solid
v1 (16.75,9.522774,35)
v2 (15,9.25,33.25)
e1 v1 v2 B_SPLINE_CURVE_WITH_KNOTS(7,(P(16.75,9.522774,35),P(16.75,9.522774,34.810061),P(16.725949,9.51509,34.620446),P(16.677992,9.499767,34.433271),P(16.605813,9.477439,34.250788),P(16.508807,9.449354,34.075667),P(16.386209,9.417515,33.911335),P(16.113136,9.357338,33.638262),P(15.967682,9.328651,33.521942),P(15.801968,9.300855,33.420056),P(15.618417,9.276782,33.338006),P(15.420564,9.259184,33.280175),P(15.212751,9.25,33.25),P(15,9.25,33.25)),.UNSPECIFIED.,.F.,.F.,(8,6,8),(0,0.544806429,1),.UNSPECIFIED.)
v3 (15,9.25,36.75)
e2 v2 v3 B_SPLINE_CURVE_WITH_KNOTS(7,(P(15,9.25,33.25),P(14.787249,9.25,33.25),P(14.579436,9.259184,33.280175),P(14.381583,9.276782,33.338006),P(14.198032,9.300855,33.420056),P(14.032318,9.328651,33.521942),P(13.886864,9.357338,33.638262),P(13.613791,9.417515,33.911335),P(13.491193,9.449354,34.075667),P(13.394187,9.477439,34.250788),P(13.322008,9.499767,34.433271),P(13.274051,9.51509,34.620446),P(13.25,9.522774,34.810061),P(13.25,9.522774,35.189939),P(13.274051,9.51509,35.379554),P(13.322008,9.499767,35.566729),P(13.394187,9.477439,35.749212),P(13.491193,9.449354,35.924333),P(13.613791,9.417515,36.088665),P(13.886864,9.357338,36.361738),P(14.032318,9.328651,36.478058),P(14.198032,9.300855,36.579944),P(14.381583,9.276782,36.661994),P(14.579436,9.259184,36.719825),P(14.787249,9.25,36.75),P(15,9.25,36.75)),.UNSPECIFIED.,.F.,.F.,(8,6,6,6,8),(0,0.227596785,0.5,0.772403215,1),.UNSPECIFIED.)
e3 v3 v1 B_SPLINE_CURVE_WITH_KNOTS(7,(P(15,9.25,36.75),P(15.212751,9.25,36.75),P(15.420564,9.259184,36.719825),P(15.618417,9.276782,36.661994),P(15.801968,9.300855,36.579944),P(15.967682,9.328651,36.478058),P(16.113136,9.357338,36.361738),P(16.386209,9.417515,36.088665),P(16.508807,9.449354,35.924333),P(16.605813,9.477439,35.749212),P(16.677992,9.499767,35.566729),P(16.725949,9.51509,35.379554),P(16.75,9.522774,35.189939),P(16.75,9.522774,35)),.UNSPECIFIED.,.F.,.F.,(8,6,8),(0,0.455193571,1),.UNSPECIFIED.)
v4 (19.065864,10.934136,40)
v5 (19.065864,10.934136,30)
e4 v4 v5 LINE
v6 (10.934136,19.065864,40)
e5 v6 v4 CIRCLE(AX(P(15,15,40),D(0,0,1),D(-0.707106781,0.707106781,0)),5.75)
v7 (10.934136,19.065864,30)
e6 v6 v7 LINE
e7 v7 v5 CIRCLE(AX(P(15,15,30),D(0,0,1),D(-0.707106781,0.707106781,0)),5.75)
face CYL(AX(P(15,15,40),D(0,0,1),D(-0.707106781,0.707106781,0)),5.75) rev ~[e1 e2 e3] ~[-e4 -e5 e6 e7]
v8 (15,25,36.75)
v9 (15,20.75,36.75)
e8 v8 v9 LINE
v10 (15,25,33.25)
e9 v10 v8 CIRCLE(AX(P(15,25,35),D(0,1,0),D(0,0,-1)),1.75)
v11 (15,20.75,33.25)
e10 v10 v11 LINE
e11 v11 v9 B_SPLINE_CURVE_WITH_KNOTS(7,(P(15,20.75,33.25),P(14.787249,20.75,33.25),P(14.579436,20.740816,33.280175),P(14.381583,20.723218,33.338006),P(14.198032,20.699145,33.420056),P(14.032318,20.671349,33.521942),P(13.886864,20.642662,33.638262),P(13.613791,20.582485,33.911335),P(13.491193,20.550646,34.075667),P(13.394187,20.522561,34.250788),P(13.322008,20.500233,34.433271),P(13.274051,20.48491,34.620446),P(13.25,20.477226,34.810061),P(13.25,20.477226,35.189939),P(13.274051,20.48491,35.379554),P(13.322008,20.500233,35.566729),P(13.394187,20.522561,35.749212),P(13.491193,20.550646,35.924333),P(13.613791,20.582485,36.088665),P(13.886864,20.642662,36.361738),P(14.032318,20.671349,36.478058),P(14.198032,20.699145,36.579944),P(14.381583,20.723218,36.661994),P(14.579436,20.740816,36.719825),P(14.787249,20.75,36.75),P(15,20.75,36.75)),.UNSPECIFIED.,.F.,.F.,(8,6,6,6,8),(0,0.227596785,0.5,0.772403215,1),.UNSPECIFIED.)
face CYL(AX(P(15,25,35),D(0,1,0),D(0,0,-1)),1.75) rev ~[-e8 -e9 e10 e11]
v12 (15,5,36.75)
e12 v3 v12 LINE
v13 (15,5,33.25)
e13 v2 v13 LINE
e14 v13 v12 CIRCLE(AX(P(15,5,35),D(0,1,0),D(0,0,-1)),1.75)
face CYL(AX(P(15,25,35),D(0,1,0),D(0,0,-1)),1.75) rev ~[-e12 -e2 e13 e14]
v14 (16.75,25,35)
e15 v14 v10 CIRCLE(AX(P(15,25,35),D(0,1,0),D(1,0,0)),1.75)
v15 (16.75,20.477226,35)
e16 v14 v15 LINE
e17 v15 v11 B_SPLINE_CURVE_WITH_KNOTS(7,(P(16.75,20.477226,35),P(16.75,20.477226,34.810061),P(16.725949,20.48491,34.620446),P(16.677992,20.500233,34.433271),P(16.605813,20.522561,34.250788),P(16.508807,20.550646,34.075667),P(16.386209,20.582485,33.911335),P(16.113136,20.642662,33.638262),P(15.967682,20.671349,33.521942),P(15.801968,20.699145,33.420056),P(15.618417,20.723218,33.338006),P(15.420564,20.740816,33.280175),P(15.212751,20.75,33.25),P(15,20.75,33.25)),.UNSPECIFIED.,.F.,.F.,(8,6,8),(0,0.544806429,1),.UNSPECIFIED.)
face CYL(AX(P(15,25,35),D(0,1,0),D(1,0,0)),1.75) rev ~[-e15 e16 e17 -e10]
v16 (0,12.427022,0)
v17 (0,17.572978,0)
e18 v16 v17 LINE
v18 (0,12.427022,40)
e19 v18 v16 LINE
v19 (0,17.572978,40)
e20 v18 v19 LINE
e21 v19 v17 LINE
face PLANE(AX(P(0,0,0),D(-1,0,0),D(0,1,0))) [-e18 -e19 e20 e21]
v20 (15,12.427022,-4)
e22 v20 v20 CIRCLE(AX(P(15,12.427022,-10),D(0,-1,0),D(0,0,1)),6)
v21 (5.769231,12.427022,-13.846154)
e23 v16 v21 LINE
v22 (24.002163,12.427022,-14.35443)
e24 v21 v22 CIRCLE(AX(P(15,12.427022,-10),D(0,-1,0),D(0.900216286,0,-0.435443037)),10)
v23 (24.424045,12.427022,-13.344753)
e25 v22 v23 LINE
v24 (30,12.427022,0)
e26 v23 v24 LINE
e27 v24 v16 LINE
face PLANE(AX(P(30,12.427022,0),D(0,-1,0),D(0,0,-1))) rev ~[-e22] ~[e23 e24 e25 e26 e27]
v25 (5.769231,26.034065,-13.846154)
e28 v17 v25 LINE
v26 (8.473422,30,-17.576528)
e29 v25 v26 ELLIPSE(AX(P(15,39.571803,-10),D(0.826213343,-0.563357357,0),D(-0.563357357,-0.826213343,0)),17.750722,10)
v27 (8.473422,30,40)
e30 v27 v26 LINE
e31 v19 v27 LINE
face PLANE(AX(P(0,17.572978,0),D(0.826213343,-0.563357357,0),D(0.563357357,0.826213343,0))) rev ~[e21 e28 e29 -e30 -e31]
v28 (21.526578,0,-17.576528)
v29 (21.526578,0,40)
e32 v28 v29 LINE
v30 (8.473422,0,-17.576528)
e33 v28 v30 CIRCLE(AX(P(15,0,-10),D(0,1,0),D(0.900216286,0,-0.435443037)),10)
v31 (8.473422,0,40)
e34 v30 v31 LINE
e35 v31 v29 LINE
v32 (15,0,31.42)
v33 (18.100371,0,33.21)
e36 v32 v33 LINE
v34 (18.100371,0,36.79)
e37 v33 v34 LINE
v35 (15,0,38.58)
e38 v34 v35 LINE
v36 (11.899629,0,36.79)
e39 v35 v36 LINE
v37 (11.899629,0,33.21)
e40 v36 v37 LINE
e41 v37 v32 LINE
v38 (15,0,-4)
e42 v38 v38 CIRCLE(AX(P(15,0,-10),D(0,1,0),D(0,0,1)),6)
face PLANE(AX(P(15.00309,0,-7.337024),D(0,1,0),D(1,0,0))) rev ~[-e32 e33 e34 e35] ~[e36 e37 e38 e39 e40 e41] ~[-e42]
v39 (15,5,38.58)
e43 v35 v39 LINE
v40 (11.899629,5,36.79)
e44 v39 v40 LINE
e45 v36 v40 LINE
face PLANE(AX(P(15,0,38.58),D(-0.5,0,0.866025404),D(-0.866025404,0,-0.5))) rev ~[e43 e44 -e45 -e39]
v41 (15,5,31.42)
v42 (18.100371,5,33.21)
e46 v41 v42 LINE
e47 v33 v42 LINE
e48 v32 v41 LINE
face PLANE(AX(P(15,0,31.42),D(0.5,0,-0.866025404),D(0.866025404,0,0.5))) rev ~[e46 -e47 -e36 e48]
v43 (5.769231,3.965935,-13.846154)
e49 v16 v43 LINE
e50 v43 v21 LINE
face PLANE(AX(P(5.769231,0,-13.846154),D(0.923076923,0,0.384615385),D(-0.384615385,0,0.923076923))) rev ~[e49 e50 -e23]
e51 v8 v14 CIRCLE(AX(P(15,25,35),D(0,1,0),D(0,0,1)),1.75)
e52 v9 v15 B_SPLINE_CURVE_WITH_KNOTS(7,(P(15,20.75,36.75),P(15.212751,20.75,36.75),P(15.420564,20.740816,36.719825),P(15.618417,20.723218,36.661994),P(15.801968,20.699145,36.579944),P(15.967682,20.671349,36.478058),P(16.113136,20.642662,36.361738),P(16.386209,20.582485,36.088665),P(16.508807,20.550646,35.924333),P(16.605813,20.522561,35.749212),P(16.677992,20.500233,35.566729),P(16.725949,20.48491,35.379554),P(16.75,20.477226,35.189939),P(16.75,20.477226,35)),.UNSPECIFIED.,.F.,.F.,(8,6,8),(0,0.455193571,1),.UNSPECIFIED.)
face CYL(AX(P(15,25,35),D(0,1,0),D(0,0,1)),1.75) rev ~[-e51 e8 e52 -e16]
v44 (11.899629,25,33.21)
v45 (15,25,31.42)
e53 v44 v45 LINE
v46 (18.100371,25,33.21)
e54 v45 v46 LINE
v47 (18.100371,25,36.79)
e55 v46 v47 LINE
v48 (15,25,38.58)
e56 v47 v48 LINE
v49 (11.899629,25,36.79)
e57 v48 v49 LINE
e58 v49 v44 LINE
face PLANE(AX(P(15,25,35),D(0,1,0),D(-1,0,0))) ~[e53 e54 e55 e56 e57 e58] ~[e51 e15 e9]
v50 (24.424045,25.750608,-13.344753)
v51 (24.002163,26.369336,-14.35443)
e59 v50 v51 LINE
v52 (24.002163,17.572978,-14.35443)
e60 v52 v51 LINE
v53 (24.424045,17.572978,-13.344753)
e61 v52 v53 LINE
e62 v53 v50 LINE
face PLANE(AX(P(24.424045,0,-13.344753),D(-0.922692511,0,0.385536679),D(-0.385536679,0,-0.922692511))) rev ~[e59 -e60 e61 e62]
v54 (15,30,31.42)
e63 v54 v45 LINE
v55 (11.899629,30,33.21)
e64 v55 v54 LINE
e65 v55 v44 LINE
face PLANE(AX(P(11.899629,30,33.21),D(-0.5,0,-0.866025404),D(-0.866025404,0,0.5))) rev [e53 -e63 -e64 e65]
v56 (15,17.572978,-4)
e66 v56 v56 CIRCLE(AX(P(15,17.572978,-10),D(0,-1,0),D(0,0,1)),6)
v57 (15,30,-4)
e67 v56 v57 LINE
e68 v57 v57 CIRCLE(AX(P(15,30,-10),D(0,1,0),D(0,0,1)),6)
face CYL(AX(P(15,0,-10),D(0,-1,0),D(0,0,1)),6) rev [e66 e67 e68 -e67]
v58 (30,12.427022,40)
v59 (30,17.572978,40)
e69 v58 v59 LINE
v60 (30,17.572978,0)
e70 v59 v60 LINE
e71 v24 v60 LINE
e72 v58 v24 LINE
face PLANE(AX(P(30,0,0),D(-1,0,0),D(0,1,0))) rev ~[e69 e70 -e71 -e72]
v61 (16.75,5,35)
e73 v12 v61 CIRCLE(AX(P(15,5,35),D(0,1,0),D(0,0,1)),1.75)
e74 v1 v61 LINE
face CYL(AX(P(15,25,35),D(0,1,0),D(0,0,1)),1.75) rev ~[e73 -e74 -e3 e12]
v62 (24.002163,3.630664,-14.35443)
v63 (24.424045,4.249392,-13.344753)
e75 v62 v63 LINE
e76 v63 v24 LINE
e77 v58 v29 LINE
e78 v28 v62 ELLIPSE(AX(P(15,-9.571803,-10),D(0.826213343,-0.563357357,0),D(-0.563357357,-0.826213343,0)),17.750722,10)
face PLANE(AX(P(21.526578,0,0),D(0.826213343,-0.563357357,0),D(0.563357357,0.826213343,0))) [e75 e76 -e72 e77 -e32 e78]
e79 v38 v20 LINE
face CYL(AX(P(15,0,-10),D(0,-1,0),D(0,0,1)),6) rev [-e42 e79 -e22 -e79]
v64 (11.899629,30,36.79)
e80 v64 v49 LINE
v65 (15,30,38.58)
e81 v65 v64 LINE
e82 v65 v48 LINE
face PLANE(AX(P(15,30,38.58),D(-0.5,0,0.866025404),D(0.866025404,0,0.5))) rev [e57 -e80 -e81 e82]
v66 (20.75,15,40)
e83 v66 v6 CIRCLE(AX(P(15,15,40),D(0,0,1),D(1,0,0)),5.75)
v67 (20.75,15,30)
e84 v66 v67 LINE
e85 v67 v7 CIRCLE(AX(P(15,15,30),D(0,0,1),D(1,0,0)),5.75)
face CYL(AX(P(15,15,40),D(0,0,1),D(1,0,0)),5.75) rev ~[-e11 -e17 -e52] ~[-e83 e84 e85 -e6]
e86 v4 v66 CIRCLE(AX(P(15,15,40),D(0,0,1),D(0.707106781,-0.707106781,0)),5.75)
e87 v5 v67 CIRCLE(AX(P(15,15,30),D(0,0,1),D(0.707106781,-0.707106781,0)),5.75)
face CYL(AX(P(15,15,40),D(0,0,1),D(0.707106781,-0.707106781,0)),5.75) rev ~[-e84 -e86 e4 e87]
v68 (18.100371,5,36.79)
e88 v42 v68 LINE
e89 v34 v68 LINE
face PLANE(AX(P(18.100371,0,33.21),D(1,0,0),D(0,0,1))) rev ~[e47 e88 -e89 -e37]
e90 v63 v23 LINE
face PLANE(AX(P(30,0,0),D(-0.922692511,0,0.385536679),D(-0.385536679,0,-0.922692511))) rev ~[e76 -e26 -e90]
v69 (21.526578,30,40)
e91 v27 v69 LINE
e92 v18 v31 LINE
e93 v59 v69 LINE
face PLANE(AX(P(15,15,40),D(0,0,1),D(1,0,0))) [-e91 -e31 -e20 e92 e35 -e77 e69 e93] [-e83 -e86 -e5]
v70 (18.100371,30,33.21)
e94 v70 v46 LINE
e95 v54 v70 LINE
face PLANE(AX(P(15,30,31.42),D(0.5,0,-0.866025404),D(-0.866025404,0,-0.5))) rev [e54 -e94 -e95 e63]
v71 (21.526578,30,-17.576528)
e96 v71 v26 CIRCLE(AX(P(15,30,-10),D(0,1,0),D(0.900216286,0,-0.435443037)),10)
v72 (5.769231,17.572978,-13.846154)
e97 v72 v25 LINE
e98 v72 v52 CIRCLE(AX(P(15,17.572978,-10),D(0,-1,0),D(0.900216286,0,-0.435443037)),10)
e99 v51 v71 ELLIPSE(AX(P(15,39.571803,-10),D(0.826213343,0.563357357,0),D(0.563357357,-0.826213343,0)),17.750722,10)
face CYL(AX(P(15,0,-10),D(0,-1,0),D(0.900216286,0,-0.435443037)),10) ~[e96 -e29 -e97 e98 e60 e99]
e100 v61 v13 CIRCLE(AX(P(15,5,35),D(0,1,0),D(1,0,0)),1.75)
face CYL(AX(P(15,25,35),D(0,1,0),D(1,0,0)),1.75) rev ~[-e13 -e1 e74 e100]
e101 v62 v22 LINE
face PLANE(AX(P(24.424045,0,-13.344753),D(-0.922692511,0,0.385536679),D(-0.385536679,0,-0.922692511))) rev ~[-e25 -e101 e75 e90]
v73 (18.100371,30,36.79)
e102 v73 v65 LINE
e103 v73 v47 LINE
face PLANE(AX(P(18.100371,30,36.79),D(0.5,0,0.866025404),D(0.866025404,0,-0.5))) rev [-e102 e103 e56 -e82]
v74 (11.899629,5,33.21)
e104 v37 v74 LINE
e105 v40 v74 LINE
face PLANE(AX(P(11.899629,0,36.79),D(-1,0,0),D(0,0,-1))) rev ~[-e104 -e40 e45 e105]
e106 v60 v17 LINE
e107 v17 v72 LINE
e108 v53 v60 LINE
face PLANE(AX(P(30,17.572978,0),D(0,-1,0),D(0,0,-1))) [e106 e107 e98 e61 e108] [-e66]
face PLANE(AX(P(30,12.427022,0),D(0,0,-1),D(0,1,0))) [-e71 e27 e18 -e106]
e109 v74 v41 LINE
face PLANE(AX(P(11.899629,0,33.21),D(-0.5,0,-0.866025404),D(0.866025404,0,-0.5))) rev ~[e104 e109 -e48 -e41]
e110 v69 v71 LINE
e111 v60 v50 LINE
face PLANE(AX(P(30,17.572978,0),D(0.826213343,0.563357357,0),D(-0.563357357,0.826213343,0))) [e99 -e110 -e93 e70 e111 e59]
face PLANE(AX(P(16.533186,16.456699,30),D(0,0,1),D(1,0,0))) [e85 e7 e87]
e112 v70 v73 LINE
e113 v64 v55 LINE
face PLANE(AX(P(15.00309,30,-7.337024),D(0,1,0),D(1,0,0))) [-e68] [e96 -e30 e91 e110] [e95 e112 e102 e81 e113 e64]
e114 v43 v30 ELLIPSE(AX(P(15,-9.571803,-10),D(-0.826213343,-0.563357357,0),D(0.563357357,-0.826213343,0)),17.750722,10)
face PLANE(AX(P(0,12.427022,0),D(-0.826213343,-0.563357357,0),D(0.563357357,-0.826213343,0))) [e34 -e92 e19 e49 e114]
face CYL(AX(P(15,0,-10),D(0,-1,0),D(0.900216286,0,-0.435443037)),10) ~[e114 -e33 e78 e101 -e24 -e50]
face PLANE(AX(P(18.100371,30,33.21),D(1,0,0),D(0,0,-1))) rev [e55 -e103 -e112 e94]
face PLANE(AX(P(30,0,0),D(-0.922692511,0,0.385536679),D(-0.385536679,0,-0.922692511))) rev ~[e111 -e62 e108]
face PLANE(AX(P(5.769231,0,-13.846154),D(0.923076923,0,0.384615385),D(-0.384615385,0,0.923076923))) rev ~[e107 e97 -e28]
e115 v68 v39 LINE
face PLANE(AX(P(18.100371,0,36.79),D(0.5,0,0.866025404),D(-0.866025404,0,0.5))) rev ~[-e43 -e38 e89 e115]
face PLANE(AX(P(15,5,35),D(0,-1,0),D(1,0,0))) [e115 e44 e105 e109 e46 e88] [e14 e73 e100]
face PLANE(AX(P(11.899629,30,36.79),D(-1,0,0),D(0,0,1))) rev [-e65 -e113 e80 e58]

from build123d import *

# Parameters (mm, degrees)
SKETCH3_W            = 30
SKETCH3_H            = 30
BOSS_EXTRUDE1_DEPTH  = 40
CUT_EXTRUDE1_DEPTH   = 10
CUT_EXTRUDE2_DEPTH   = 5
CUT_EXTRUDE3_DEPTH   = 28
CUT_EXTRUDE4_START   = -40
CUT_EXTRUDE4_DEPTH   = 99.309519017
MIRROR5_START        = -40
MIRROR5_COPY_1_DEPTH = 99.309519017
SKETCH9_R            = 6
BOSS_EXTRUDE2_DEPTH  = 30
CUT_EXTRUDE5_DEPTH   = 30
SKETCH11_W           = 21.329134953
SKETCH11_H           = 5.145955698
CUT_EXTRUDE6_DEPTH   = 30


with BuildPart() as part:
    # Sketch3 → Boss-Extrude1 (new body)
    with BuildSketch(Plane.XY):
        with Locations((15, 15)):
            Rectangle(SKETCH3_W, SKETCH3_H)
    extrude(amount=BOSS_EXTRUDE1_DEPTH)

    # Sketch4 → Cut-Extrude1 (cut)
    with BuildSketch(Plane.XY.offset(40)):
        with BuildLine():
            ThreePointArc((20.75, 15), (17.200429736, 20.312307312), (10.934136008, 19.065863992))
            Line((10.934136008, 19.065863992), (19.065863992, 10.934136008))
            ThreePointArc((19.065863992, 10.934136008), (20.312307312, 12.799570264), (20.75, 15))
        make_face()
        with BuildLine():
            Line((19.065863992, 10.934136008), (10.934136008, 19.065863992))
            ThreePointArc((10.934136008, 19.065863992), (10.934136008, 10.934136008), (19.065863992, 10.934136008))
        make_face()
    extrude(amount=-CUT_EXTRUDE1_DEPTH, mode=Mode.SUBTRACT)

    # Sketch5 → Cut-Extrude2 (cut)
    with BuildSketch(Plane.XZ):
        Polygon((15, 38.58), (11.899629054, 36.79), (11.899629054, 33.21), (15, 31.42), (18.100370946, 33.21), (18.100370946, 36.79), align=None)
    cut_extrude2 = extrude(amount=-CUT_EXTRUDE2_DEPTH, mode=Mode.SUBTRACT)

    # Mirror1: Cut-Extrude2 across plane
    add(cut_extrude2.mirror(Plane(origin=(0, 15, 0), x_dir=(0, 0, 1), z_dir=(0, -1, 0))), mode=Mode.SUBTRACT)

    # Sketch6 → Cut-Extrude3 (cut)
    with BuildSketch(Plane(origin=(0, 25, 0), x_dir=(1, 0, 0), z_dir=(0, 1, 0))):
        with BuildLine():
            ThreePointArc((15, -33.25), (13.25, -35), (15, -36.75))
            Line((15, -36.75), (15, -33.25))
        make_face()
        with BuildLine():
            Line((15, -33.25), (15, -36.75))
            ThreePointArc((15, -36.75), (16.237436867, -36.237436867), (16.75, -35))
            ThreePointArc((16.75, -35), (16.237436867, -33.762563133), (15, -33.25))
        make_face()
    extrude(amount=-CUT_EXTRUDE3_DEPTH, mode=Mode.SUBTRACT)

    # Sketch8 → Cut-Extrude4 (cut)
    with BuildSketch(Plane(origin=(0, 0, 0), x_dir=(-1, 0, 0), z_dir=(0, 0, -1)).offset(CUT_EXTRUDE4_START)):
        Polygon((-77.236567429, -51.703622198), (-30, 17.572977849), (-21.526577959, 30), (25.70998947, 99.276600047), (-112.843210625, 193.749734905), (-215.789767524, 42.769512659), align=None)
    cut_extrude4 = extrude(amount=CUT_EXTRUDE4_DEPTH, mode=Mode.SUBTRACT)

    # Mirror4: Cut-Extrude4 across plane
    add(cut_extrude4.mirror(Plane.ZY.offset(-15)), mode=Mode.SUBTRACT)

    # Mirror5: Cut-Extrude4 across plane
    add(cut_extrude4.mirror(Plane(origin=(0, 15, 0), x_dir=(0, 0, 1), z_dir=(0, -1, 0))), mode=Mode.SUBTRACT)

    # Mirror5 copy 1 sketch → Mirror5 copy 1 (cut)
    with BuildSketch(Plane(origin=(30, 30, 0), x_dir=(1, 0, 0), z_dir=(0, 0, -1)).offset(MIRROR5_START)):
        Polygon((-77.236567429, -51.703622198), (-30, 17.572977849), (-21.526577959, 30), (25.70998947, 99.276600047), (-112.843210625, 193.749734905), (-215.789767524, 42.769512659), align=None)
    extrude(amount=MIRROR5_COPY_1_DEPTH, mode=Mode.SUBTRACT)

    # Sketch9 → Boss-Extrude2 (add)
    with BuildSketch(Plane(origin=(0, 0, 0), x_dir=(1, 0, 0), z_dir=(0, 1, 0))):
        with BuildLine():
            Line((5.769230769, 13.846153846), (0, 0))
            Line((0, 0), (30, 0))
            Line((30, 0), (24.424045098, 13.344753204))
            Line((24.424045098, 13.344753204), (24.002162862, 14.354430365))
            ThreePointArc((24.002162862, 14.354430365), (14.721339861, 19.996116672), (5.769230769, 13.846153846))
        make_face()
        with Locations(Location((15, 10, 0), (0, 0, 270))):
            Circle(SKETCH9_R, mode=Mode.SUBTRACT)
    extrude(amount=BOSS_EXTRUDE2_DEPTH)

    # Sketch10 → Cut-Extrude5 (cut)
    with BuildSketch(Plane.XY):
        Polygon((0, 17.572977849), (8.473422041, 30), (0, 30), align=None)
        Polygon((8.473422041, 0), (0, 0), (0, 12.427022151), align=None)
        Polygon((21.526577959, 0), (30, 12.427022151), (30, 0), align=None)
        Polygon((30, 17.572977849), (21.526577959, 30), (30, 30), align=None)
    extrude(amount=-CUT_EXTRUDE5_DEPTH, mode=Mode.SUBTRACT)

    # Sketch11 → Cut-Extrude6 (cut)
    with BuildSketch(Plane(origin=(30, 0, 0), x_dir=(0, 0, -1), z_dir=(1, 0, 0))):
        with Locations((10.664567477, 15)):
            Rectangle(SKETCH11_W, SKETCH11_H)
    extrude(amount=-CUT_EXTRUDE6_DEPTH, mode=Mode.SUBTRACT)


solid = part.part
